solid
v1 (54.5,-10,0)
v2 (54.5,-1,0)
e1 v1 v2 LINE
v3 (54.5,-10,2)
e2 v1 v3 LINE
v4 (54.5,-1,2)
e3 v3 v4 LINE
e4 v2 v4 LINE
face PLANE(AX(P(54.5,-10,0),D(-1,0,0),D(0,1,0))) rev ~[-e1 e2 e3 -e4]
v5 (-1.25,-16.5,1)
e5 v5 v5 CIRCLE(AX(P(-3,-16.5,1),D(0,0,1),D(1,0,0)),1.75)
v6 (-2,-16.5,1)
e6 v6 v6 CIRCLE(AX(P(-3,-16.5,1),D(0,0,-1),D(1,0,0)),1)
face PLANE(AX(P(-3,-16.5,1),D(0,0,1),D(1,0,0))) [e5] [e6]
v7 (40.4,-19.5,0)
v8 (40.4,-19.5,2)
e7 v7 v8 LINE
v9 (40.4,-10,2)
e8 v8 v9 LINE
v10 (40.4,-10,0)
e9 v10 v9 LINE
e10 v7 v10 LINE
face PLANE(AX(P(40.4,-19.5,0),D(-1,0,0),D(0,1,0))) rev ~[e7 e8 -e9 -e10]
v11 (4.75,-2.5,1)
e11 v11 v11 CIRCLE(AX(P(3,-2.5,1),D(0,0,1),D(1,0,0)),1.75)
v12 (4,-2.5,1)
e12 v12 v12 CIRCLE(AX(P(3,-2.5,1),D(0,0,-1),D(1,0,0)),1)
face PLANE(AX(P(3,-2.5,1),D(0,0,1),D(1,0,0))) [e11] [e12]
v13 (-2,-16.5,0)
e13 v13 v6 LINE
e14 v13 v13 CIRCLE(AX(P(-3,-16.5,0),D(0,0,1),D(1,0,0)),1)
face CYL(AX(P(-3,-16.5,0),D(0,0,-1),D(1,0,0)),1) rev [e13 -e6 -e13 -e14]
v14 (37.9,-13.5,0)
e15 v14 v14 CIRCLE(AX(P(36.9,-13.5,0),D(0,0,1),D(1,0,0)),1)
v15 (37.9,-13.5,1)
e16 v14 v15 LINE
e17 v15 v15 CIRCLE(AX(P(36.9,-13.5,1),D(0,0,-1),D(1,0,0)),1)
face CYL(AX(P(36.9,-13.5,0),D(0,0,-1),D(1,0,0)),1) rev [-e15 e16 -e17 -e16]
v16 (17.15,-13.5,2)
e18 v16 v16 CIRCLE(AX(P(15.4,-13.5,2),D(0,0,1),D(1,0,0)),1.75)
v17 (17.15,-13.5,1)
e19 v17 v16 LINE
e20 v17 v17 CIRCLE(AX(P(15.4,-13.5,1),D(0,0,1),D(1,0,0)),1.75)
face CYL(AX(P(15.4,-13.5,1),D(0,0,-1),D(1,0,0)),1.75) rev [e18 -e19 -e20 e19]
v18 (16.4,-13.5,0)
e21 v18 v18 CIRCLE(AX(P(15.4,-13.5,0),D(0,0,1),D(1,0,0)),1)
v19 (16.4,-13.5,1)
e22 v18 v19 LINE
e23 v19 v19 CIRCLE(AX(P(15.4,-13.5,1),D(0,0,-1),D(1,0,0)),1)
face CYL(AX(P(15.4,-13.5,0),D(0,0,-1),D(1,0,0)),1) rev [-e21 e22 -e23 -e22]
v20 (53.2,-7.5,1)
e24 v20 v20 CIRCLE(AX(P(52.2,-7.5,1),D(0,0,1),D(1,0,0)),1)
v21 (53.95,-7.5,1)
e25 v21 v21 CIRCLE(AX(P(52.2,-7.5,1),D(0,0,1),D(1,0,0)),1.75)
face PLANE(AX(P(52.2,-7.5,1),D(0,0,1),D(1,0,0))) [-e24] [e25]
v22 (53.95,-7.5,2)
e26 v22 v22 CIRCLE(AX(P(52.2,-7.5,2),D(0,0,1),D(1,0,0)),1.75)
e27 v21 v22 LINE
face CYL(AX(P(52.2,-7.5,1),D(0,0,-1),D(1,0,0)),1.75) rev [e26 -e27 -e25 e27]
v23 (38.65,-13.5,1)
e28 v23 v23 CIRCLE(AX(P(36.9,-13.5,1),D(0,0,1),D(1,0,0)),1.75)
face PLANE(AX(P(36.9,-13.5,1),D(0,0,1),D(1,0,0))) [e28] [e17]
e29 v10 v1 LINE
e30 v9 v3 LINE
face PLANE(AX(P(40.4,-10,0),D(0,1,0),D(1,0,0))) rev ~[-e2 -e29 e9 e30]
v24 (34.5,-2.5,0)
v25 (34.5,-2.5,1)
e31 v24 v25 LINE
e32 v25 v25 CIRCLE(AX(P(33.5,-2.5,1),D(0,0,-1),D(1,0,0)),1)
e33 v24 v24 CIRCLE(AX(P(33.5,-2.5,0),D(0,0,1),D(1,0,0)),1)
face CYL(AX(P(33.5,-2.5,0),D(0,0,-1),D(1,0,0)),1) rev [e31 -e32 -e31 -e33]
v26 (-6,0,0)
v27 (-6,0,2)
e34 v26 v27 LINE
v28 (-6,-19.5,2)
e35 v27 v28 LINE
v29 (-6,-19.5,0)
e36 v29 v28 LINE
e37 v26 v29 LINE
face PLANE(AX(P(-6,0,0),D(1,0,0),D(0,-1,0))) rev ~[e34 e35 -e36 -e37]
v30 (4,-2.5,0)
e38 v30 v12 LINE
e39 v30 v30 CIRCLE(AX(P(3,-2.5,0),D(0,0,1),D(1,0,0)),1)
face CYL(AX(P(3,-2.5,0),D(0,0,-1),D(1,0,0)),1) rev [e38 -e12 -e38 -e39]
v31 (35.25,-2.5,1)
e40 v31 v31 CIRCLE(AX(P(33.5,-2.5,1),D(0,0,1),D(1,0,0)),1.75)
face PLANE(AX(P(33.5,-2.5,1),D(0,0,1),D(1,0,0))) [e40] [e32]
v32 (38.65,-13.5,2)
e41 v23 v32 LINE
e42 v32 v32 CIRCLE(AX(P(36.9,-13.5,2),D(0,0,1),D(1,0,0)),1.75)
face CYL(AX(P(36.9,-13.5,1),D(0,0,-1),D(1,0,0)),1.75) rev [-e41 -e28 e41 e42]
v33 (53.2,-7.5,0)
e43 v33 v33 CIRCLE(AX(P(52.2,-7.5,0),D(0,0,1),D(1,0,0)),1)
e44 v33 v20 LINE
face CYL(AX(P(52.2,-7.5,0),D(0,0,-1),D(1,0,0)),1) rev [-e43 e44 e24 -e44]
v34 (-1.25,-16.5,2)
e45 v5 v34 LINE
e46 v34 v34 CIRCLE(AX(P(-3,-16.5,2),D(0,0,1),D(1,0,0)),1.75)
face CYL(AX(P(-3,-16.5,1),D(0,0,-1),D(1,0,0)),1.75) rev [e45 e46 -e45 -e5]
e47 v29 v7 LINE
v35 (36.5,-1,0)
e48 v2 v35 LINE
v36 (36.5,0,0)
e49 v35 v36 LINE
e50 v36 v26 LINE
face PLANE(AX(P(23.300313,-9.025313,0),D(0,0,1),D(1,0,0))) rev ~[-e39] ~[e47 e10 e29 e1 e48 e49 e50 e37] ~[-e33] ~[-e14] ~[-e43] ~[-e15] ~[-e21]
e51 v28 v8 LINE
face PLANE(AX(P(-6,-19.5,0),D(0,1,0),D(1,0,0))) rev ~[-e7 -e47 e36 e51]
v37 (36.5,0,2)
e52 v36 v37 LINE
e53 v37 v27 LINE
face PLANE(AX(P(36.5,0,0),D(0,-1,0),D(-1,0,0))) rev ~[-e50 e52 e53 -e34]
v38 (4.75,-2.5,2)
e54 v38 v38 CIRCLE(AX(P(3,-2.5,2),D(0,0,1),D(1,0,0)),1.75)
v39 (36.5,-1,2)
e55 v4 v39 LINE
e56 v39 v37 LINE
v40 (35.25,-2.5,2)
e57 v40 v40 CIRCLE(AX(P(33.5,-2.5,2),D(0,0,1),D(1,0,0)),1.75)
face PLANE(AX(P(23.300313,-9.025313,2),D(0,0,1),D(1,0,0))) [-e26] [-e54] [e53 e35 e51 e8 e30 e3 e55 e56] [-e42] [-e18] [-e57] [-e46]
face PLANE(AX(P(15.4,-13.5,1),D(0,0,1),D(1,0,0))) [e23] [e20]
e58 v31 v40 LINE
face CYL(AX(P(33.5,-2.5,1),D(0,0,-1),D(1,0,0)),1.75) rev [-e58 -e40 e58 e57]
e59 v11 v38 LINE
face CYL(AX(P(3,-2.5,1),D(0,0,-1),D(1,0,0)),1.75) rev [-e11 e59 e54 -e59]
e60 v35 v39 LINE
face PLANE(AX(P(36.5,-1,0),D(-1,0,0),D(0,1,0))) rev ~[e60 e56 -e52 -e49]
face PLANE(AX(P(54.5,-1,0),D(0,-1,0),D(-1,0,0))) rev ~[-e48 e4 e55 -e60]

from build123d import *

# Parameters (mm, degrees)
SKETCH_1_R          = 1
EXTRUDE_1_DEPTH     = 2
CUT_EXTRUDE_START   = 1
SKETCH_1_8_R        = 1.75
SKETCH_1_8_R_2      = 1
CUT_EXTRUDE_2_DEPTH = 1


with BuildPart() as part:
    # 草图1 → 凸台-拉伸1 (new body)
    with BuildSketch(Plane.XY):
        Polygon((36.5, 0), (-6, 0), (-6, -19.5), (40.4, -19.5), (40.4, -10), (54.5, -10), (54.5, -1), (36.5, -1), align=None)
        with Locations((36.9, -13.5)):
            Circle(SKETCH_1_R, mode=Mode.SUBTRACT)
        with Locations((3, -2.5)):
            Circle(SKETCH_1_R, mode=Mode.SUBTRACT)
        with Locations((33.5, -2.5)):
            Circle(SKETCH_1_R, mode=Mode.SUBTRACT)
        with Locations((-3, -16.5)):
            Circle(SKETCH_1_R, mode=Mode.SUBTRACT)
        with Locations((15.4, -13.5)):
            Circle(SKETCH_1_R, mode=Mode.SUBTRACT)
        with Locations((52.2, -7.5)):
            Circle(SKETCH_1_R, mode=Mode.SUBTRACT)
    extrude(amount=EXTRUDE_1_DEPTH)

    # 草图1<8> → 切除-拉伸2 (cut)
    # profile 1 of 6: a face of its own
    with BuildSketch(Plane.XY.offset(CUT_EXTRUDE_START)):
        with Locations((52.2, -7.5)):
            Circle(SKETCH_1_8_R)
        with Locations((52.2, -7.5)):
            Circle(SKETCH_1_8_R_2, mode=Mode.SUBTRACT)
    # profile 2 of 6: a face of its own
    with BuildSketch(Plane.XY.offset(CUT_EXTRUDE_START)):
        with Locations((3, -2.5)):
            Circle(SKETCH_1_8_R)
    # profile 3 of 6: a face of its own
    with BuildSketch(Plane.XY.offset(CUT_EXTRUDE_START)):
        with Locations((33.5, -2.5)):
            Circle(SKETCH_1_8_R)
    # profile 4 of 6: a face of its own
    with BuildSketch(Plane.XY.offset(CUT_EXTRUDE_START)):
        with Locations((-3, -16.5)):
            Circle(SKETCH_1_8_R)
    # profile 5 of 6: a face of its own
    with BuildSketch(Plane.XY.offset(CUT_EXTRUDE_START)):
        with Locations((15.4, -13.5)):
            Circle(SKETCH_1_8_R)
    # profile 6 of 6: a face of its own
    with BuildSketch(Plane.XY.offset(CUT_EXTRUDE_START)):
        with Locations((36.9, -13.5)):
            Circle(SKETCH_1_8_R)
    extrude(amount=CUT_EXTRUDE_2_DEPTH, mode=Mode.SUBTRACT)


solid = part.part
